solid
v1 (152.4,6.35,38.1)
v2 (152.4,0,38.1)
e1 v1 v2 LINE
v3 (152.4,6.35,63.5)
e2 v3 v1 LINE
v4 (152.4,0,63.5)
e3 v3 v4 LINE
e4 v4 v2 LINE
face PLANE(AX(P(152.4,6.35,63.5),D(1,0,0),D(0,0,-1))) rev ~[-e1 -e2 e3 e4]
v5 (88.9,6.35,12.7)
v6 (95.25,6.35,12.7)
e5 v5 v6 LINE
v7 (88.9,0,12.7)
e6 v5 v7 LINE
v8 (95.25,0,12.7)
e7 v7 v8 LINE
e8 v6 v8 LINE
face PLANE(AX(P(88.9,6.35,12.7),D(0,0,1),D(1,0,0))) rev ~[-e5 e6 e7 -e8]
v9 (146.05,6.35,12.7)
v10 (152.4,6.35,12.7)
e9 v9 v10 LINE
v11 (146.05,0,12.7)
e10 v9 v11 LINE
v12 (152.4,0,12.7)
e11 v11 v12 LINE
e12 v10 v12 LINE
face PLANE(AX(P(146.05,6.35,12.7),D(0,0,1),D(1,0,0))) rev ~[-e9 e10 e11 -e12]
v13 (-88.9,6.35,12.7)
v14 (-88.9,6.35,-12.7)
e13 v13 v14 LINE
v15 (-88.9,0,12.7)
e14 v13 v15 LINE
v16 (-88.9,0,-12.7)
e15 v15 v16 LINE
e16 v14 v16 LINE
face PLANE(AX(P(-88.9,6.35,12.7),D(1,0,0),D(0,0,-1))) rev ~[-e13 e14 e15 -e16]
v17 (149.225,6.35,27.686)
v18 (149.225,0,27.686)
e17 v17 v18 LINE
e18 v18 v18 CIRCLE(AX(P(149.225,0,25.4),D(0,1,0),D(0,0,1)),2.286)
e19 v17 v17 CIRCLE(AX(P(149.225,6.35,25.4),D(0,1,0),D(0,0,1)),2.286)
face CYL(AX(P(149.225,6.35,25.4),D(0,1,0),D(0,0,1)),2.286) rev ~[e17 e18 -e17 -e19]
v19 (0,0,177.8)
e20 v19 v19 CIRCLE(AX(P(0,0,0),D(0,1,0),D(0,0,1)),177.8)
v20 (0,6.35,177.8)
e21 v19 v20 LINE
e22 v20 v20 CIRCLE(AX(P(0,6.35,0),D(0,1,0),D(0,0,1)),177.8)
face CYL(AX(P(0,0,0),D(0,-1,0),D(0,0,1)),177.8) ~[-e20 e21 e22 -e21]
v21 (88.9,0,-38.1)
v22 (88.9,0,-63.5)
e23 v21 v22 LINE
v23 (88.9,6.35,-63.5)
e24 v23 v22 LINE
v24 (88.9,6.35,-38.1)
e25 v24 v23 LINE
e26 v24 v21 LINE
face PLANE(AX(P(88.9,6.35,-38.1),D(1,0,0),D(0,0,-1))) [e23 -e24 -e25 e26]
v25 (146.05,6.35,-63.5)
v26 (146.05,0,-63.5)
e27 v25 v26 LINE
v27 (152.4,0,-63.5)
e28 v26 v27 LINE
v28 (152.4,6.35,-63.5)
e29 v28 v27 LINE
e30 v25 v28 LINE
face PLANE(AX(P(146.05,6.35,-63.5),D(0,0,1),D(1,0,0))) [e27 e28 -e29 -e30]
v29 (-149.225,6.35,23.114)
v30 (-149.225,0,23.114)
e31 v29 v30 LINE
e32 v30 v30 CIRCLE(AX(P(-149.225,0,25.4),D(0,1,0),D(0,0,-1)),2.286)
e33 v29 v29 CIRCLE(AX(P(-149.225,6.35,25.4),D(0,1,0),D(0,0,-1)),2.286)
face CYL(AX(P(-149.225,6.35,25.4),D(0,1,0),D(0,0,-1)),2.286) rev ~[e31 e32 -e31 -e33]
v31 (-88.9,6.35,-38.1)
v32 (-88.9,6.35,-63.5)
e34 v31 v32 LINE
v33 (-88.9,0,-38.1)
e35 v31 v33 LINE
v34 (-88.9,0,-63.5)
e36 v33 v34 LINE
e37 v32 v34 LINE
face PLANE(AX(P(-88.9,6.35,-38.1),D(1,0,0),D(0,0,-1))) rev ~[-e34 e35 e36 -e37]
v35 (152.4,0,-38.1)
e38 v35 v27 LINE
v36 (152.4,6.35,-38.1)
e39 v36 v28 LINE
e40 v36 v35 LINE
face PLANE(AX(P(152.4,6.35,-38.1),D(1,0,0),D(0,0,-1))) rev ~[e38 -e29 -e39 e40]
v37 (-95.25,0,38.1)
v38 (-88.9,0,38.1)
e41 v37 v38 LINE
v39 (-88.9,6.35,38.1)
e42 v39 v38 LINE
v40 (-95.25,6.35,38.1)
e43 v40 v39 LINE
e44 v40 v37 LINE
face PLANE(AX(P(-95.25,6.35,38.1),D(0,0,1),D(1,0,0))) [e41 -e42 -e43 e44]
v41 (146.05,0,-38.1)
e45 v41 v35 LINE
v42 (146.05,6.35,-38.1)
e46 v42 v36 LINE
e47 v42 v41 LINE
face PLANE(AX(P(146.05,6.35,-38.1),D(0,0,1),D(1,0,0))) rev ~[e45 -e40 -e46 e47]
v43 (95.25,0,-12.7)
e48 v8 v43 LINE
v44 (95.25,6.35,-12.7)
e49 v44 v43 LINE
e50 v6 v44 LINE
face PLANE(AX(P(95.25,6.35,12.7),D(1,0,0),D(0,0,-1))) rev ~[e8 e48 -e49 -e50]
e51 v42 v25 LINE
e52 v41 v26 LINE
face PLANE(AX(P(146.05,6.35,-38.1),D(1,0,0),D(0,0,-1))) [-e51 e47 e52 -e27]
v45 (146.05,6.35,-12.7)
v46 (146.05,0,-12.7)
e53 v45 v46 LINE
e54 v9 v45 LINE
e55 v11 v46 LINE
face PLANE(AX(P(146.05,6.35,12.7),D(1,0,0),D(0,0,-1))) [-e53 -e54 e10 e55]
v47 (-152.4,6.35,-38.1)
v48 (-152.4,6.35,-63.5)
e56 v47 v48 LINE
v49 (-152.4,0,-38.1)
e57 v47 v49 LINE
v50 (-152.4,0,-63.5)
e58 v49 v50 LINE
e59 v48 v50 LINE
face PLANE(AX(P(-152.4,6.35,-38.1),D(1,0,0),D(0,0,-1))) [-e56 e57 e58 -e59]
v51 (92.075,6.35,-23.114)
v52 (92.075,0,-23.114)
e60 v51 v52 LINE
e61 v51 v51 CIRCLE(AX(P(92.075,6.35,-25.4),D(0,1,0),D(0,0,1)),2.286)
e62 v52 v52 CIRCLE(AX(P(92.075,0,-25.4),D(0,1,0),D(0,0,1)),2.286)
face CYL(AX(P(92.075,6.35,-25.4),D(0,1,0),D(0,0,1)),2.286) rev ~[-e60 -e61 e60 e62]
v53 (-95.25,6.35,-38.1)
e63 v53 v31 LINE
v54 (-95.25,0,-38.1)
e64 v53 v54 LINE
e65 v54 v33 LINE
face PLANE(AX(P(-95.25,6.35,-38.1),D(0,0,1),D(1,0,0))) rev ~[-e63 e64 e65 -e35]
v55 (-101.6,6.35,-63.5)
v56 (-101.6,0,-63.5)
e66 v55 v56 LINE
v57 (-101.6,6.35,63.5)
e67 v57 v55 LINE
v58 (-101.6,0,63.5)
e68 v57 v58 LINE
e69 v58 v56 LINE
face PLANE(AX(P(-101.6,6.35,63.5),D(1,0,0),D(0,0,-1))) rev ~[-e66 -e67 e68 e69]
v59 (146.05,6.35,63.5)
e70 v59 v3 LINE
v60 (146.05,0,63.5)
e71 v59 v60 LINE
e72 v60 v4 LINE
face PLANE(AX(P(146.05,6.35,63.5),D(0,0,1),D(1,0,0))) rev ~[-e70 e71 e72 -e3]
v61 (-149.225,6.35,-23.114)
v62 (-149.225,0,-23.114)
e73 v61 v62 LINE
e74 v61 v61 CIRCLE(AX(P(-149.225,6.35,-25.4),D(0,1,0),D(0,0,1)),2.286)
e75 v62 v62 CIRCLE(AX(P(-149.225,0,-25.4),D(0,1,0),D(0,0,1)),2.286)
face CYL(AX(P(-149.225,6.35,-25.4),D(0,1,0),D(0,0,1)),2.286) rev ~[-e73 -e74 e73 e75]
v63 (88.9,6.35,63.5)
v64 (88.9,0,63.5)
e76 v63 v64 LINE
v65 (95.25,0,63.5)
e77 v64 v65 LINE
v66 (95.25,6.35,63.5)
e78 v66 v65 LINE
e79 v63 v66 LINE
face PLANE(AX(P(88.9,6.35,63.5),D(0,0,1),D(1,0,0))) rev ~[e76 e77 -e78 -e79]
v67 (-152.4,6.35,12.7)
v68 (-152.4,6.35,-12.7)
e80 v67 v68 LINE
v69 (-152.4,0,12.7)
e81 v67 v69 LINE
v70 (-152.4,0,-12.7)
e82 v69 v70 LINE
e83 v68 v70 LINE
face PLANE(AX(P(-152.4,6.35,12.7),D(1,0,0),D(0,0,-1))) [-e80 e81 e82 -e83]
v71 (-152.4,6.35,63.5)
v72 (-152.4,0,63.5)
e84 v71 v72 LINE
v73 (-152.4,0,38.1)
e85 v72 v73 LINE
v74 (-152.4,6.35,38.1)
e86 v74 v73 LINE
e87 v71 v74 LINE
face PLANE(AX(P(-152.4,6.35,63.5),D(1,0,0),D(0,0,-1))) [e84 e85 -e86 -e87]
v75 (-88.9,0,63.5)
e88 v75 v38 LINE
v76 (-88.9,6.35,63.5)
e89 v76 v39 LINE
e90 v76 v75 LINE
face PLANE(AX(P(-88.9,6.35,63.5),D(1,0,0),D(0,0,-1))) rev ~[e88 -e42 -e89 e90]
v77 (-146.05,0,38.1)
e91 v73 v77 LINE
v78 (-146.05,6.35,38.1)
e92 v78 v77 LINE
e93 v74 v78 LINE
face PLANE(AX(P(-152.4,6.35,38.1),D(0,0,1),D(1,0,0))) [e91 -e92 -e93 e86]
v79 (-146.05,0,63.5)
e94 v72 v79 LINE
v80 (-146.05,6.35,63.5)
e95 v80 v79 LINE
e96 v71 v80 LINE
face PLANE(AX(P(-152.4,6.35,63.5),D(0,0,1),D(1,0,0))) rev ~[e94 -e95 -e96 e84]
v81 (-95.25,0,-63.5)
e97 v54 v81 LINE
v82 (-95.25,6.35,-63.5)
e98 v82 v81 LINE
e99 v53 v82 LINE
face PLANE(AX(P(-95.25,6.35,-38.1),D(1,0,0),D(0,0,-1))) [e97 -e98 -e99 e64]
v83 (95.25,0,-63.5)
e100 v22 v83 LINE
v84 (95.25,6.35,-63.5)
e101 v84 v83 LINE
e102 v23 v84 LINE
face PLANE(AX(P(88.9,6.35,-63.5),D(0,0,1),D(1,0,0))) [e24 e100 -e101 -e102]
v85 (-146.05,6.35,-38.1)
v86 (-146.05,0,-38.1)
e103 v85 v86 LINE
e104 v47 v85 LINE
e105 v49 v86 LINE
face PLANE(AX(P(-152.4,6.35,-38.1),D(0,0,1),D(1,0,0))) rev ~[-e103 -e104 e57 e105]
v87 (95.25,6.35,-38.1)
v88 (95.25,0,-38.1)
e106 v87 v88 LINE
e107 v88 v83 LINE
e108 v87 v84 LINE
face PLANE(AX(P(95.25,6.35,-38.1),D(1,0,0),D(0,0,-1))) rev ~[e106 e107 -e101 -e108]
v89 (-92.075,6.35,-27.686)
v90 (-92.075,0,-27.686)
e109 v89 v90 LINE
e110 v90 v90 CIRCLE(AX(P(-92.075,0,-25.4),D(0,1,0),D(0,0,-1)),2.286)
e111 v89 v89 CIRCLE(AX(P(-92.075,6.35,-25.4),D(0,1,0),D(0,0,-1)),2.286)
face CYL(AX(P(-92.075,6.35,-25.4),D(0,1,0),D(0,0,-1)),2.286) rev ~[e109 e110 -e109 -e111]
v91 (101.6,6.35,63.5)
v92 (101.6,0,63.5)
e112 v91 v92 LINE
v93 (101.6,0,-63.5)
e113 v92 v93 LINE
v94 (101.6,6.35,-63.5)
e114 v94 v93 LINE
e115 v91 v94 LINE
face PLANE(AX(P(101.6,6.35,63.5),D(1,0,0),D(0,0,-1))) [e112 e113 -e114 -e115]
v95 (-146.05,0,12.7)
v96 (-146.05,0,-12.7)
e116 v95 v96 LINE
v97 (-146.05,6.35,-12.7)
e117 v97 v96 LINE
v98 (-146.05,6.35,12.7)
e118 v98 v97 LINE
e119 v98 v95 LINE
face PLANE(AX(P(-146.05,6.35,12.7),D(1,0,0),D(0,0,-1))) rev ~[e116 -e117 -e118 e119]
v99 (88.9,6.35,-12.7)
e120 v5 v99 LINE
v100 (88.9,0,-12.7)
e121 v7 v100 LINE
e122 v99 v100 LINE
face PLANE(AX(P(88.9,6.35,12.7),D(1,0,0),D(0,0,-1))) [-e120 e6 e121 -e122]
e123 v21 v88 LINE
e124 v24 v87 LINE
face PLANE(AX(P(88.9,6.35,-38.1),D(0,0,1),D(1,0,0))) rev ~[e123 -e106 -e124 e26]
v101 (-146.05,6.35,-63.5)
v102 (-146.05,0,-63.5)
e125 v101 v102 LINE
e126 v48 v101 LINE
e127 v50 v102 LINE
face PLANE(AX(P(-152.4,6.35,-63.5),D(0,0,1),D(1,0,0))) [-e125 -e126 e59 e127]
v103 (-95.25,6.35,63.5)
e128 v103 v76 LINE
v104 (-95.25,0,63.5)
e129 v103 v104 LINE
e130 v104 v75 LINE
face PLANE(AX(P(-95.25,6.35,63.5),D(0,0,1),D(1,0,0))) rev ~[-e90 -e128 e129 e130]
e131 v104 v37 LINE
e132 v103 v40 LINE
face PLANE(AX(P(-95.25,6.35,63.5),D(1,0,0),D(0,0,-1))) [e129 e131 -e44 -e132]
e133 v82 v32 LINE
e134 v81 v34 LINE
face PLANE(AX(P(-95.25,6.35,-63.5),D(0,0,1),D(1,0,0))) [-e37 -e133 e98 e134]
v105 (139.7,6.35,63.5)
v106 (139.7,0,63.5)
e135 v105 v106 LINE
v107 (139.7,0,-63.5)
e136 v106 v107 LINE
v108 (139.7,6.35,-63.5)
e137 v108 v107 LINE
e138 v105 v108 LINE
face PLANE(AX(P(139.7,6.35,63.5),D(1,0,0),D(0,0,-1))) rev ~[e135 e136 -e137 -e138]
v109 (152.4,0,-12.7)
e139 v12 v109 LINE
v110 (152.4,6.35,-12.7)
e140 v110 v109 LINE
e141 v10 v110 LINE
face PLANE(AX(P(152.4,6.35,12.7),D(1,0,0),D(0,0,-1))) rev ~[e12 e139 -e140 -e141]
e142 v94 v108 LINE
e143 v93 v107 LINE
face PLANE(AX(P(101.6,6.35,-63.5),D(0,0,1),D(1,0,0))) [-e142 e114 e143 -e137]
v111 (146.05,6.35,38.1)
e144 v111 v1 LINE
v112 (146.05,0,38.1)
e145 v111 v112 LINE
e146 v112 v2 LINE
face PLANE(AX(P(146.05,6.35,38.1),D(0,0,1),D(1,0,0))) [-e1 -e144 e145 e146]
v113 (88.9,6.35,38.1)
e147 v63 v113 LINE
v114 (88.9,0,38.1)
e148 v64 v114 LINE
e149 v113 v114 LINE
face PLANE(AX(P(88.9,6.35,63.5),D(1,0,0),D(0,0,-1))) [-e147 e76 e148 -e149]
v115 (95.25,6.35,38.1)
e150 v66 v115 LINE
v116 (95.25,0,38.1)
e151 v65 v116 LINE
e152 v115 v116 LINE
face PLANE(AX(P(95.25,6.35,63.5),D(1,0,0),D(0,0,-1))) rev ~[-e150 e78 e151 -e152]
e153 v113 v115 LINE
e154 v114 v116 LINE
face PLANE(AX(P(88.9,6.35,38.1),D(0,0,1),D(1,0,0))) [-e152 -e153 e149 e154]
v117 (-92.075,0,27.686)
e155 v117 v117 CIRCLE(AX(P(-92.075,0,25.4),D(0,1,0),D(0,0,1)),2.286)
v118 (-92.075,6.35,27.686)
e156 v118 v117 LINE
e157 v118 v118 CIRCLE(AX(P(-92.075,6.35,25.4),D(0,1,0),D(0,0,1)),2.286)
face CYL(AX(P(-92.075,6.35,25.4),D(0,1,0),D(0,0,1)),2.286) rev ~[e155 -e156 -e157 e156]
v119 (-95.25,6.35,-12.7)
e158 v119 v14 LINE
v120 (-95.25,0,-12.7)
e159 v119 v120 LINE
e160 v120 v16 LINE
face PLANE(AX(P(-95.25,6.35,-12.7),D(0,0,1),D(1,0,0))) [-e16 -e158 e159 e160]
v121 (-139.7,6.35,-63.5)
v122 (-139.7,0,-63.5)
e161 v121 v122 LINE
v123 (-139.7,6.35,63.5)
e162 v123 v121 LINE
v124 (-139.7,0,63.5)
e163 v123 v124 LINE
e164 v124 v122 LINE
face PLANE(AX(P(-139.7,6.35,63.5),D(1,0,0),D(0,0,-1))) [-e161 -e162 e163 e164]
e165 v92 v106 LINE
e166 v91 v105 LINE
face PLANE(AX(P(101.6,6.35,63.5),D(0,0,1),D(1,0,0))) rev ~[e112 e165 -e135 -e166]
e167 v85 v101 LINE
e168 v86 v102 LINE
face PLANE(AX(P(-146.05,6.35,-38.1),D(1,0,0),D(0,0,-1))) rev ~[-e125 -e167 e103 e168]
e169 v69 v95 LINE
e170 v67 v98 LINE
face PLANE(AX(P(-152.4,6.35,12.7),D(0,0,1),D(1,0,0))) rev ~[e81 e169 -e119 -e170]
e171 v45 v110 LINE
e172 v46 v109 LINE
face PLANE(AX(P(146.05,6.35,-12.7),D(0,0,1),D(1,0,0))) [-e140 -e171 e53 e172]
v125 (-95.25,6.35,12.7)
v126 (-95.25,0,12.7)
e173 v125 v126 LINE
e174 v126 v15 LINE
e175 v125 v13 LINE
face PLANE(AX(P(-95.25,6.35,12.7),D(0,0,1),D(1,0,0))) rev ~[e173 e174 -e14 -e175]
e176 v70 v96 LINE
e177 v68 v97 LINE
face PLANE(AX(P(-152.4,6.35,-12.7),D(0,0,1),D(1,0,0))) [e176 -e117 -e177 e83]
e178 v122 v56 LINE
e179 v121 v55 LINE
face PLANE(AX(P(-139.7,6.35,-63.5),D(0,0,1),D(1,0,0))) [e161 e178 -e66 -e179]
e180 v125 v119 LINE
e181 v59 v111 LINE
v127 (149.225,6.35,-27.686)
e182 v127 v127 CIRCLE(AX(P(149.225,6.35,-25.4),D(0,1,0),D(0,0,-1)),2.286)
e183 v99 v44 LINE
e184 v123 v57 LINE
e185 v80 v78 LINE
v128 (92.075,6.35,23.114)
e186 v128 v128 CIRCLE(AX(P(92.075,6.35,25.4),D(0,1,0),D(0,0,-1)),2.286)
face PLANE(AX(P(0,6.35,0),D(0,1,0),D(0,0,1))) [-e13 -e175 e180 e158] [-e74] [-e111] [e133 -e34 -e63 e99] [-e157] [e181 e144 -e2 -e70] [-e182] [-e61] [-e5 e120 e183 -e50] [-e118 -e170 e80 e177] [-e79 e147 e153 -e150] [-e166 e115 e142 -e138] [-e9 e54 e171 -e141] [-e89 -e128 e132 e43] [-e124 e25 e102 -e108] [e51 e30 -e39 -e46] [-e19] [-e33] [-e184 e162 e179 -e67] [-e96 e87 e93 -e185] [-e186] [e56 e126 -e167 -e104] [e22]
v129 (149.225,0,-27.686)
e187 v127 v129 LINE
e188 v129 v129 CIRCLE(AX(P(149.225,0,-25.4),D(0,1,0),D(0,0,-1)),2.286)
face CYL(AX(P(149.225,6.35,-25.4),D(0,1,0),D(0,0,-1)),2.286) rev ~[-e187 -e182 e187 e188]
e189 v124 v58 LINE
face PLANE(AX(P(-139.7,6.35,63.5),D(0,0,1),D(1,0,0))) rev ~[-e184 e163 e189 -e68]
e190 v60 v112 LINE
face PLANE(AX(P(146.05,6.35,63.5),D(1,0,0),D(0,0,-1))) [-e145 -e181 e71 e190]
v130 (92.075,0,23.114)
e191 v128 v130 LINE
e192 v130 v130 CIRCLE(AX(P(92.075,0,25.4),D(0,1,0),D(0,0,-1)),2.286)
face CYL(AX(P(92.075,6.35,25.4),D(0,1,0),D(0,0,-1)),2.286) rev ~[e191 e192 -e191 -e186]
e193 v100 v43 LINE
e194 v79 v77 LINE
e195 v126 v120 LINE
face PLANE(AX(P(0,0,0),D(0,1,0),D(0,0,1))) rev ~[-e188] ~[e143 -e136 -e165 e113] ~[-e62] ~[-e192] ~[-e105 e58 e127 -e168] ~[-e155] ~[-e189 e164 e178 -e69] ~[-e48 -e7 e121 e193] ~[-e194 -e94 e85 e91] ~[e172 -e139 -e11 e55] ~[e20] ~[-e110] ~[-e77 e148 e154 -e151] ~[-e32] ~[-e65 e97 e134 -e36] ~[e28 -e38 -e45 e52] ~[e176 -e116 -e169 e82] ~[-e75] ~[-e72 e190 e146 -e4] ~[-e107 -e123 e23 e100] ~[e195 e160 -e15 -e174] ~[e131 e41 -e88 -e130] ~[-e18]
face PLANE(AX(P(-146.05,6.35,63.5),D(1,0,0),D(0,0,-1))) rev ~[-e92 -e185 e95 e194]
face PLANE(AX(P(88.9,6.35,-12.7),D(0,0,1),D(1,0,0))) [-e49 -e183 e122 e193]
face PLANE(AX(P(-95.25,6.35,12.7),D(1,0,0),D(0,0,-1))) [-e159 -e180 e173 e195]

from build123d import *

# Parameters (mm, degrees)
SKETCH1_R           = 177.8
BOSS_EXTRUDE1_DEPTH = 6.35
SKETCH2_R           = 2.286
SKETCH2_W           = 38.1
SKETCH2_H           = 127
SKETCH2_W_2         = 6.35
SKETCH2_H_2         = 25.4
CUT_EXTRUDE1_DEPTH  = 252.527339468


with BuildPart() as part:
    # Sketch1 → Boss-Extrude1 (new body)
    with BuildSketch(Plane(origin=(0, 0, 0), x_dir=(1, 0, 0), z_dir=(0, 1, 0))):
        with Locations(Location((0, 0, 0), (0, 0, 270))):
            Circle(SKETCH1_R)
    extrude(amount=BOSS_EXTRUDE1_DEPTH)

    # Sketch2 → Cut-Extrude1 (cut, through all)
    with BuildSketch(Plane(origin=(0, 6.35, 0), x_dir=(1, 0, 0), z_dir=(0, 1, 0))):
        with Locations(Location((-149.225, 25.4, 0), (0, 0, 270))):
            Circle(SKETCH2_R)
        with Locations(Location((-149.225, -25.4, 0), (0, 0, 90))):
            Circle(SKETCH2_R)
        with Locations(Location((-92.075, -25.4, 0), (0, 0, 270))):
            Circle(SKETCH2_R)
        with Locations(Location((-92.075, 25.4, 0), (0, 0, 90))):
            Circle(SKETCH2_R)
        with Locations(Location((92.075, 25.4, 0), (0, 0, 270))):
            Circle(SKETCH2_R)
        with Locations(Location((92.075, -25.4, 0), (0, 0, 90))):
            Circle(SKETCH2_R)
        with Locations(Location((149.225, -25.4, 0), (0, 0, 270))):
            Circle(SKETCH2_R)
        with Locations(Location((149.225, 25.4, 0), (0, 0, 90))):
            Circle(SKETCH2_R)
        with Locations((-120.65, 0)):
            Rectangle(SKETCH2_W, SKETCH2_H)
        with Locations((-149.225, 50.8)):
            Rectangle(SKETCH2_W_2, SKETCH2_H_2)
        with Locations((-149.225, 0)):
            Rectangle(SKETCH2_W_2, SKETCH2_H_2)
        with Locations((-149.225, -50.8)):
            Rectangle(SKETCH2_W_2, SKETCH2_H_2)
        with Locations((-92.075, -50.8)):
            Rectangle(SKETCH2_W_2, SKETCH2_H_2)
        with Locations((-92.075, 0)):
            Rectangle(SKETCH2_W_2, SKETCH2_H_2)
        with Locations((-92.075, 50.8)):
            Rectangle(SKETCH2_W_2, SKETCH2_H_2)
        with Locations((92.075, 50.8)):
            Rectangle(SKETCH2_W_2, SKETCH2_H_2)
        with Locations((92.075, 0)):
            Rectangle(SKETCH2_W_2, SKETCH2_H_2)
        with Locations((92.075, -50.8)):
            Rectangle(SKETCH2_W_2, SKETCH2_H_2)
        with Locations((149.225, -50.8)):
            Rectangle(SKETCH2_W_2, SKETCH2_H_2)
        with Locations((149.225, 0)):
            Rectangle(SKETCH2_W_2, SKETCH2_H_2)
        with Locations((149.225, 50.8)):
            Rectangle(SKETCH2_W_2, SKETCH2_H_2)
        with Locations((120.65, 0)):
            Rectangle(SKETCH2_W, SKETCH2_H)
    extrude(amount=-CUT_EXTRUDE1_DEPTH, mode=Mode.SUBTRACT)


solid = part.part
